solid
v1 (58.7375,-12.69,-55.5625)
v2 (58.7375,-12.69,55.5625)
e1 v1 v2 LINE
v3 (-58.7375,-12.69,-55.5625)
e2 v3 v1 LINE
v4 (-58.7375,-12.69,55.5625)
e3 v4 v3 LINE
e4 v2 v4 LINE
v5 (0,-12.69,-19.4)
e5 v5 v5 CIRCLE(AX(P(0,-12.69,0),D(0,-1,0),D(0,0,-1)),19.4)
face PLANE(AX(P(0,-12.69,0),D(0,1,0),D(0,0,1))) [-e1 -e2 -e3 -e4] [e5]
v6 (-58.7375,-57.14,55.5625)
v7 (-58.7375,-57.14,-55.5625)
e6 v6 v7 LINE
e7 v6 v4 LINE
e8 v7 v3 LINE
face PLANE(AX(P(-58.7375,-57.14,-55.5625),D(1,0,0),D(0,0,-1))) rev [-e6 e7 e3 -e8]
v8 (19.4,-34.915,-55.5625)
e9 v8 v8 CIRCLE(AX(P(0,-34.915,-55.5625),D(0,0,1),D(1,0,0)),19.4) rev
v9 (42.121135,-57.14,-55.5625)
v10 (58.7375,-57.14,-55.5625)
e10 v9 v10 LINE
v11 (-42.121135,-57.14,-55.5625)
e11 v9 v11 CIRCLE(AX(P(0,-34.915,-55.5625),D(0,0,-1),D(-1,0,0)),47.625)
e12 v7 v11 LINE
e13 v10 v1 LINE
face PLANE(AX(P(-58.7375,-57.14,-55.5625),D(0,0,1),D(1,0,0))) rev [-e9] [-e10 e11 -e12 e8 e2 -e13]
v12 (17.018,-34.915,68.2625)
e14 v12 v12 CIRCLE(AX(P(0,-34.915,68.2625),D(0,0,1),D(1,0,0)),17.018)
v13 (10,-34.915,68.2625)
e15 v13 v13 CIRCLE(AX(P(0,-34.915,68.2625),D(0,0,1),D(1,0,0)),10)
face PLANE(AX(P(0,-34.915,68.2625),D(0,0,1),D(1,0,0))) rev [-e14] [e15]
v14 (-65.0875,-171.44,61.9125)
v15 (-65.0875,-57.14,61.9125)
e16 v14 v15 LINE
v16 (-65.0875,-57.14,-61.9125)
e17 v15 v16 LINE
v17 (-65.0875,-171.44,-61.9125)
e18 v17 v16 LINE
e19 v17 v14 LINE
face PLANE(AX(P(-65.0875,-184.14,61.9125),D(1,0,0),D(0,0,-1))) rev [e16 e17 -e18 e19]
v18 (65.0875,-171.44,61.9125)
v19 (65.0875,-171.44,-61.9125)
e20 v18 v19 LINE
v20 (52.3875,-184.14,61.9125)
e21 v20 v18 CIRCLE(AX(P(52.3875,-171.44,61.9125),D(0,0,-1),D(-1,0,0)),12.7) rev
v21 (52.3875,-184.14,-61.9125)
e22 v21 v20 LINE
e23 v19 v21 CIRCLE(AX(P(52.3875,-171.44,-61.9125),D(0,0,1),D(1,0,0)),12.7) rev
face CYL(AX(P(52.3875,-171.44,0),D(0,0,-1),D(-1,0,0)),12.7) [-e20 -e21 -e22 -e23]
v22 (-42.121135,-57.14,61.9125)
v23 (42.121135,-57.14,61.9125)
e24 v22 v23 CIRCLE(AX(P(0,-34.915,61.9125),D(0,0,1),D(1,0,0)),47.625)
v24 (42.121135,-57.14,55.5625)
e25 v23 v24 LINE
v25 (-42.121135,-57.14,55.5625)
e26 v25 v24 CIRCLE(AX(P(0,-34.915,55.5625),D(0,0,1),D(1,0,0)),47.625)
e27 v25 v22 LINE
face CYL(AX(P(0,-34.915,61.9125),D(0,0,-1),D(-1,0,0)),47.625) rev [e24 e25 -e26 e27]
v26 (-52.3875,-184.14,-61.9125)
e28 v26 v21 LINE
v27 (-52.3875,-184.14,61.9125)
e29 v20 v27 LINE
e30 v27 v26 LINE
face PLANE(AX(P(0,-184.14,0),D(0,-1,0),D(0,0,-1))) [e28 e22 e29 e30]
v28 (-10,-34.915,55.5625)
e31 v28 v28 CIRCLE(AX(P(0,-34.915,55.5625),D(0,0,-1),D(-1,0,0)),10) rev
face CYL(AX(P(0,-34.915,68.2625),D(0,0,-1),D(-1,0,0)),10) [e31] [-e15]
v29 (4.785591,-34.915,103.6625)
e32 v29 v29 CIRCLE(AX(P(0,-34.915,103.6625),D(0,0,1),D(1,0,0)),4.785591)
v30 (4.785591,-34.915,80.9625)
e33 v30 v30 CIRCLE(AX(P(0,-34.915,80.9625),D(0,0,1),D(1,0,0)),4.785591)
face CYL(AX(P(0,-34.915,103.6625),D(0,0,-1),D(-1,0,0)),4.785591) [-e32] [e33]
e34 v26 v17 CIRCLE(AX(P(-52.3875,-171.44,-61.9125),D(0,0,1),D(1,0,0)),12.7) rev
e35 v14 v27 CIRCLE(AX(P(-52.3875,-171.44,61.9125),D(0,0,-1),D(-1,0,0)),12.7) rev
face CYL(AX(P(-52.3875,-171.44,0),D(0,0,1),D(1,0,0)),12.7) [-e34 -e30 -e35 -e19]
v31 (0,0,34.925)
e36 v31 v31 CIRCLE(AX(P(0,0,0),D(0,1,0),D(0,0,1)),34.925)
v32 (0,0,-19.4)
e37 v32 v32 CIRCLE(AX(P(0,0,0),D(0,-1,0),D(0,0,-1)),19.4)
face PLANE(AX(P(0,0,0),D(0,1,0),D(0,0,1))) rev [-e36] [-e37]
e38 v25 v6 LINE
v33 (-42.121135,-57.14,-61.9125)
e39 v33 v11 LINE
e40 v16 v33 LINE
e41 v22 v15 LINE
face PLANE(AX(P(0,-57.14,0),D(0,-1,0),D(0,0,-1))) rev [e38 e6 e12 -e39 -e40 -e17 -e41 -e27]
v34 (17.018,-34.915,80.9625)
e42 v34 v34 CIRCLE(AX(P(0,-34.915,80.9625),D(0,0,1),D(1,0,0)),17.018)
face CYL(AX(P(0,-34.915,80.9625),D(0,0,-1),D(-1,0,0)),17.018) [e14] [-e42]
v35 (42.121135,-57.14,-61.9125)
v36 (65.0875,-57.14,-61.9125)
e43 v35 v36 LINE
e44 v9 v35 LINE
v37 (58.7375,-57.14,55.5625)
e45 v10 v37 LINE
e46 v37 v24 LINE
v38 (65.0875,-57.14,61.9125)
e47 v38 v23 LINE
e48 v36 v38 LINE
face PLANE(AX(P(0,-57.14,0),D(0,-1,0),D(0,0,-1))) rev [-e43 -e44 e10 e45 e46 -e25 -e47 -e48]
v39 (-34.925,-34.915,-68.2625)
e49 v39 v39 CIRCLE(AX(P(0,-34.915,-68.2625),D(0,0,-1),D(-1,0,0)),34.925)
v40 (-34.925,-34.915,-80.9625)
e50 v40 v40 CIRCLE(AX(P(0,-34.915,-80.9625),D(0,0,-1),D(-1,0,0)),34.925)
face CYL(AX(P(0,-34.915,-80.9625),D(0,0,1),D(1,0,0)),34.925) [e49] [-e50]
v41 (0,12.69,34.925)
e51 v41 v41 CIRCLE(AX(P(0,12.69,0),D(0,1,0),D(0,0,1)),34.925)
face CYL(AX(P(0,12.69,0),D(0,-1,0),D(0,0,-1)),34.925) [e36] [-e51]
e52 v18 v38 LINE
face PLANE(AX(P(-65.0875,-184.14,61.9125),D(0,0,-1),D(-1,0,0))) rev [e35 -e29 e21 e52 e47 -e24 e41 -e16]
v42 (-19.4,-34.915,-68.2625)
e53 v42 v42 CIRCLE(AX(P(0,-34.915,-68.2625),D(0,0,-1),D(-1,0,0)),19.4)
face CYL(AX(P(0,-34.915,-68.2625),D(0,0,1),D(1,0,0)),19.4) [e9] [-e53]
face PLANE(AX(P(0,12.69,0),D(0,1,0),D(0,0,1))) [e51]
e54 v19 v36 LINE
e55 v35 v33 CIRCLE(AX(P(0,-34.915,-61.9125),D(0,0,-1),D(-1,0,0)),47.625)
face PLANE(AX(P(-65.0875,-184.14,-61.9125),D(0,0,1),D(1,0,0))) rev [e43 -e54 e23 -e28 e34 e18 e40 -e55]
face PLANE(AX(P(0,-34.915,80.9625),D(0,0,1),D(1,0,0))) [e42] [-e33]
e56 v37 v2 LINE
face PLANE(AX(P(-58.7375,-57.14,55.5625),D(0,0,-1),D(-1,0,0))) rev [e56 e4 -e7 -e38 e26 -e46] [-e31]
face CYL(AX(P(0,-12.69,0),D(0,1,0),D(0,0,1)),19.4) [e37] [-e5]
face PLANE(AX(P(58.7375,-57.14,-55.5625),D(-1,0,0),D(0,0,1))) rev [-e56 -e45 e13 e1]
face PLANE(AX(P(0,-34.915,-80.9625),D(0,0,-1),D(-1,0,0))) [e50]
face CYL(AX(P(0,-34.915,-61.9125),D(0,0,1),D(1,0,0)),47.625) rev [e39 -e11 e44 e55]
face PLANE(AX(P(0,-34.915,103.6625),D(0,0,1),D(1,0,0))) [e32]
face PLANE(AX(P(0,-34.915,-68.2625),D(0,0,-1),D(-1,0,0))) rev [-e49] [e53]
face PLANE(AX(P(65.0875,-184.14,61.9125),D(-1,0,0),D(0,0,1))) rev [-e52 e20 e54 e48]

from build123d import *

# Parameters (mm, degrees)
SKETCH1_R           = 34.925
BOSS_EXTRUDE1_DEPTH = 12.69
SKETCH2_R           = 19.4
BOSS_EXTRUDE2_DEPTH = 12.69
SKETCH7_W           = 117.475
SKETCH7_H           = 111.125
BOSS_EXTRUDE3_DEPTH = 44.45
SKETCH8_W           = 130.175
SKETCH8_H           = 123.825
BOSS_EXTRUDE4_DEPTH = 127
FILLET1_R           = 12.7
FILLET2_R           = 12.7
SKETCH9_R           = 47.625
CUT_EXTRUDE1_DEPTH  = 228.91291732
SKETCH10_R          = 19.4
BOSS_EXTRUDE5_DEPTH = 12.7
SKETCH11_R          = 34.925
BOSS_EXTRUDE6_DEPTH = 12.7
SKETCH17_R          = 47.625
CUT_EXTRUDE3_DEPTH  = 239.291833434
SKETCH13_R          = 10
BOSS_EXTRUDE7_DEPTH = 12.7
SKETCH14_R          = 17.018
BOSS_EXTRUDE8_DEPTH = 12.7
SKETCH15_R          = 4.785590778
BOSS_EXTRUDE9_DEPTH = 22.7


with BuildPart() as part:
    # Sketch1 → Boss-Extrude1 (new body)
    with BuildSketch(Plane(origin=(0, 0, 0), x_dir=(1, 0, 0), z_dir=(0, 1, 0))):
        with Locations(Location((0, 0, 0), (0, 0, 270))):
            Circle(SKETCH1_R)
    extrude(amount=BOSS_EXTRUDE1_DEPTH)

    # Sketch2 → Boss-Extrude2 (add)
    with BuildSketch(Plane(origin=(0, 0, 0), x_dir=(-1, 0, 0), z_dir=(0, -1, 0))):
        with Locations(Location((0, 0, 0), (0, 0, 90))):
            Circle(SKETCH2_R)
    extrude(amount=BOSS_EXTRUDE2_DEPTH)

    # Sketch7 → Boss-Extrude3 (add)
    with BuildSketch(Plane.XZ.offset(12.69)):
        Rectangle(SKETCH7_W, SKETCH7_H)
    extrude(amount=BOSS_EXTRUDE3_DEPTH)

    # Sketch8 → Boss-Extrude4 (add)
    with BuildSketch(Plane.XZ.offset(57.14)):
        Rectangle(SKETCH8_W, SKETCH8_H)
    extrude(amount=BOSS_EXTRUDE4_DEPTH)

    # Fillet1
    fillet1_edges = [part.edges().sort_by_distance(p)[0] for p in [
        (65.0875, -184.14, 0),
    ]]
    fillet(fillet1_edges, radius=FILLET1_R)

    # Fillet2
    fillet2_edges = [part.edges().sort_by_distance(p)[0] for p in [
        (-65.0875, -184.14, 0),
    ]]
    fillet(fillet2_edges, radius=FILLET2_R)

    # Sketch9 → Cut-Extrude1 (cut, through all)
    with BuildSketch(Plane(origin=(0, 0, -55.5625), x_dir=(-1, 0, 0), z_dir=(0, 0, -1))):
        with Locations((0, -34.915)):
            Circle(SKETCH9_R)
    extrude(amount=CUT_EXTRUDE1_DEPTH, mode=Mode.SUBTRACT)

    # Sketch10 → Boss-Extrude5 (add)
    with BuildSketch(Plane(origin=(0, 0, -55.5625), x_dir=(-1, 0, 0), z_dir=(0, 0, -1))):
        with Locations(Location((0, -34.915, 0), (0, 0, 180))):
            Circle(SKETCH10_R)
    extrude(amount=BOSS_EXTRUDE5_DEPTH)

    # Sketch11 → Boss-Extrude6 (add)
    with BuildSketch(Plane(origin=(0, 0, -68.2625), x_dir=(-1, 0, 0), z_dir=(0, 0, -1))):
        with Locations((0, -34.915)):
            Circle(SKETCH11_R)
    extrude(amount=BOSS_EXTRUDE6_DEPTH)

    # Sketch17 → Cut-Extrude3 (cut, through all)
    with BuildSketch(Plane.XY.offset(55.5625)):
        with Locations((0, -34.915)):
            Circle(SKETCH17_R)
    extrude(amount=CUT_EXTRUDE3_DEPTH, mode=Mode.SUBTRACT)

    # Sketch13 → Boss-Extrude7 (add)
    with BuildSketch(Plane.XY.offset(55.5625)):
        with Locations(Location((0, -34.915, 0), (0, 0, 180))):
            Circle(SKETCH13_R)
    extrude(amount=BOSS_EXTRUDE7_DEPTH)

    # Sketch14 → Boss-Extrude8 (add)
    with BuildSketch(Plane.XY.offset(68.2625)):
        with Locations((0, -34.915)):
            Circle(SKETCH14_R)
    extrude(amount=BOSS_EXTRUDE8_DEPTH)

    # Sketch15 → Boss-Extrude9 (add)
    with BuildSketch(Plane.XY.offset(80.9625)):
        with Locations((0, -34.915)):
            Circle(SKETCH15_R)
    extrude(amount=BOSS_EXTRUDE9_DEPTH)


solid = part.part
